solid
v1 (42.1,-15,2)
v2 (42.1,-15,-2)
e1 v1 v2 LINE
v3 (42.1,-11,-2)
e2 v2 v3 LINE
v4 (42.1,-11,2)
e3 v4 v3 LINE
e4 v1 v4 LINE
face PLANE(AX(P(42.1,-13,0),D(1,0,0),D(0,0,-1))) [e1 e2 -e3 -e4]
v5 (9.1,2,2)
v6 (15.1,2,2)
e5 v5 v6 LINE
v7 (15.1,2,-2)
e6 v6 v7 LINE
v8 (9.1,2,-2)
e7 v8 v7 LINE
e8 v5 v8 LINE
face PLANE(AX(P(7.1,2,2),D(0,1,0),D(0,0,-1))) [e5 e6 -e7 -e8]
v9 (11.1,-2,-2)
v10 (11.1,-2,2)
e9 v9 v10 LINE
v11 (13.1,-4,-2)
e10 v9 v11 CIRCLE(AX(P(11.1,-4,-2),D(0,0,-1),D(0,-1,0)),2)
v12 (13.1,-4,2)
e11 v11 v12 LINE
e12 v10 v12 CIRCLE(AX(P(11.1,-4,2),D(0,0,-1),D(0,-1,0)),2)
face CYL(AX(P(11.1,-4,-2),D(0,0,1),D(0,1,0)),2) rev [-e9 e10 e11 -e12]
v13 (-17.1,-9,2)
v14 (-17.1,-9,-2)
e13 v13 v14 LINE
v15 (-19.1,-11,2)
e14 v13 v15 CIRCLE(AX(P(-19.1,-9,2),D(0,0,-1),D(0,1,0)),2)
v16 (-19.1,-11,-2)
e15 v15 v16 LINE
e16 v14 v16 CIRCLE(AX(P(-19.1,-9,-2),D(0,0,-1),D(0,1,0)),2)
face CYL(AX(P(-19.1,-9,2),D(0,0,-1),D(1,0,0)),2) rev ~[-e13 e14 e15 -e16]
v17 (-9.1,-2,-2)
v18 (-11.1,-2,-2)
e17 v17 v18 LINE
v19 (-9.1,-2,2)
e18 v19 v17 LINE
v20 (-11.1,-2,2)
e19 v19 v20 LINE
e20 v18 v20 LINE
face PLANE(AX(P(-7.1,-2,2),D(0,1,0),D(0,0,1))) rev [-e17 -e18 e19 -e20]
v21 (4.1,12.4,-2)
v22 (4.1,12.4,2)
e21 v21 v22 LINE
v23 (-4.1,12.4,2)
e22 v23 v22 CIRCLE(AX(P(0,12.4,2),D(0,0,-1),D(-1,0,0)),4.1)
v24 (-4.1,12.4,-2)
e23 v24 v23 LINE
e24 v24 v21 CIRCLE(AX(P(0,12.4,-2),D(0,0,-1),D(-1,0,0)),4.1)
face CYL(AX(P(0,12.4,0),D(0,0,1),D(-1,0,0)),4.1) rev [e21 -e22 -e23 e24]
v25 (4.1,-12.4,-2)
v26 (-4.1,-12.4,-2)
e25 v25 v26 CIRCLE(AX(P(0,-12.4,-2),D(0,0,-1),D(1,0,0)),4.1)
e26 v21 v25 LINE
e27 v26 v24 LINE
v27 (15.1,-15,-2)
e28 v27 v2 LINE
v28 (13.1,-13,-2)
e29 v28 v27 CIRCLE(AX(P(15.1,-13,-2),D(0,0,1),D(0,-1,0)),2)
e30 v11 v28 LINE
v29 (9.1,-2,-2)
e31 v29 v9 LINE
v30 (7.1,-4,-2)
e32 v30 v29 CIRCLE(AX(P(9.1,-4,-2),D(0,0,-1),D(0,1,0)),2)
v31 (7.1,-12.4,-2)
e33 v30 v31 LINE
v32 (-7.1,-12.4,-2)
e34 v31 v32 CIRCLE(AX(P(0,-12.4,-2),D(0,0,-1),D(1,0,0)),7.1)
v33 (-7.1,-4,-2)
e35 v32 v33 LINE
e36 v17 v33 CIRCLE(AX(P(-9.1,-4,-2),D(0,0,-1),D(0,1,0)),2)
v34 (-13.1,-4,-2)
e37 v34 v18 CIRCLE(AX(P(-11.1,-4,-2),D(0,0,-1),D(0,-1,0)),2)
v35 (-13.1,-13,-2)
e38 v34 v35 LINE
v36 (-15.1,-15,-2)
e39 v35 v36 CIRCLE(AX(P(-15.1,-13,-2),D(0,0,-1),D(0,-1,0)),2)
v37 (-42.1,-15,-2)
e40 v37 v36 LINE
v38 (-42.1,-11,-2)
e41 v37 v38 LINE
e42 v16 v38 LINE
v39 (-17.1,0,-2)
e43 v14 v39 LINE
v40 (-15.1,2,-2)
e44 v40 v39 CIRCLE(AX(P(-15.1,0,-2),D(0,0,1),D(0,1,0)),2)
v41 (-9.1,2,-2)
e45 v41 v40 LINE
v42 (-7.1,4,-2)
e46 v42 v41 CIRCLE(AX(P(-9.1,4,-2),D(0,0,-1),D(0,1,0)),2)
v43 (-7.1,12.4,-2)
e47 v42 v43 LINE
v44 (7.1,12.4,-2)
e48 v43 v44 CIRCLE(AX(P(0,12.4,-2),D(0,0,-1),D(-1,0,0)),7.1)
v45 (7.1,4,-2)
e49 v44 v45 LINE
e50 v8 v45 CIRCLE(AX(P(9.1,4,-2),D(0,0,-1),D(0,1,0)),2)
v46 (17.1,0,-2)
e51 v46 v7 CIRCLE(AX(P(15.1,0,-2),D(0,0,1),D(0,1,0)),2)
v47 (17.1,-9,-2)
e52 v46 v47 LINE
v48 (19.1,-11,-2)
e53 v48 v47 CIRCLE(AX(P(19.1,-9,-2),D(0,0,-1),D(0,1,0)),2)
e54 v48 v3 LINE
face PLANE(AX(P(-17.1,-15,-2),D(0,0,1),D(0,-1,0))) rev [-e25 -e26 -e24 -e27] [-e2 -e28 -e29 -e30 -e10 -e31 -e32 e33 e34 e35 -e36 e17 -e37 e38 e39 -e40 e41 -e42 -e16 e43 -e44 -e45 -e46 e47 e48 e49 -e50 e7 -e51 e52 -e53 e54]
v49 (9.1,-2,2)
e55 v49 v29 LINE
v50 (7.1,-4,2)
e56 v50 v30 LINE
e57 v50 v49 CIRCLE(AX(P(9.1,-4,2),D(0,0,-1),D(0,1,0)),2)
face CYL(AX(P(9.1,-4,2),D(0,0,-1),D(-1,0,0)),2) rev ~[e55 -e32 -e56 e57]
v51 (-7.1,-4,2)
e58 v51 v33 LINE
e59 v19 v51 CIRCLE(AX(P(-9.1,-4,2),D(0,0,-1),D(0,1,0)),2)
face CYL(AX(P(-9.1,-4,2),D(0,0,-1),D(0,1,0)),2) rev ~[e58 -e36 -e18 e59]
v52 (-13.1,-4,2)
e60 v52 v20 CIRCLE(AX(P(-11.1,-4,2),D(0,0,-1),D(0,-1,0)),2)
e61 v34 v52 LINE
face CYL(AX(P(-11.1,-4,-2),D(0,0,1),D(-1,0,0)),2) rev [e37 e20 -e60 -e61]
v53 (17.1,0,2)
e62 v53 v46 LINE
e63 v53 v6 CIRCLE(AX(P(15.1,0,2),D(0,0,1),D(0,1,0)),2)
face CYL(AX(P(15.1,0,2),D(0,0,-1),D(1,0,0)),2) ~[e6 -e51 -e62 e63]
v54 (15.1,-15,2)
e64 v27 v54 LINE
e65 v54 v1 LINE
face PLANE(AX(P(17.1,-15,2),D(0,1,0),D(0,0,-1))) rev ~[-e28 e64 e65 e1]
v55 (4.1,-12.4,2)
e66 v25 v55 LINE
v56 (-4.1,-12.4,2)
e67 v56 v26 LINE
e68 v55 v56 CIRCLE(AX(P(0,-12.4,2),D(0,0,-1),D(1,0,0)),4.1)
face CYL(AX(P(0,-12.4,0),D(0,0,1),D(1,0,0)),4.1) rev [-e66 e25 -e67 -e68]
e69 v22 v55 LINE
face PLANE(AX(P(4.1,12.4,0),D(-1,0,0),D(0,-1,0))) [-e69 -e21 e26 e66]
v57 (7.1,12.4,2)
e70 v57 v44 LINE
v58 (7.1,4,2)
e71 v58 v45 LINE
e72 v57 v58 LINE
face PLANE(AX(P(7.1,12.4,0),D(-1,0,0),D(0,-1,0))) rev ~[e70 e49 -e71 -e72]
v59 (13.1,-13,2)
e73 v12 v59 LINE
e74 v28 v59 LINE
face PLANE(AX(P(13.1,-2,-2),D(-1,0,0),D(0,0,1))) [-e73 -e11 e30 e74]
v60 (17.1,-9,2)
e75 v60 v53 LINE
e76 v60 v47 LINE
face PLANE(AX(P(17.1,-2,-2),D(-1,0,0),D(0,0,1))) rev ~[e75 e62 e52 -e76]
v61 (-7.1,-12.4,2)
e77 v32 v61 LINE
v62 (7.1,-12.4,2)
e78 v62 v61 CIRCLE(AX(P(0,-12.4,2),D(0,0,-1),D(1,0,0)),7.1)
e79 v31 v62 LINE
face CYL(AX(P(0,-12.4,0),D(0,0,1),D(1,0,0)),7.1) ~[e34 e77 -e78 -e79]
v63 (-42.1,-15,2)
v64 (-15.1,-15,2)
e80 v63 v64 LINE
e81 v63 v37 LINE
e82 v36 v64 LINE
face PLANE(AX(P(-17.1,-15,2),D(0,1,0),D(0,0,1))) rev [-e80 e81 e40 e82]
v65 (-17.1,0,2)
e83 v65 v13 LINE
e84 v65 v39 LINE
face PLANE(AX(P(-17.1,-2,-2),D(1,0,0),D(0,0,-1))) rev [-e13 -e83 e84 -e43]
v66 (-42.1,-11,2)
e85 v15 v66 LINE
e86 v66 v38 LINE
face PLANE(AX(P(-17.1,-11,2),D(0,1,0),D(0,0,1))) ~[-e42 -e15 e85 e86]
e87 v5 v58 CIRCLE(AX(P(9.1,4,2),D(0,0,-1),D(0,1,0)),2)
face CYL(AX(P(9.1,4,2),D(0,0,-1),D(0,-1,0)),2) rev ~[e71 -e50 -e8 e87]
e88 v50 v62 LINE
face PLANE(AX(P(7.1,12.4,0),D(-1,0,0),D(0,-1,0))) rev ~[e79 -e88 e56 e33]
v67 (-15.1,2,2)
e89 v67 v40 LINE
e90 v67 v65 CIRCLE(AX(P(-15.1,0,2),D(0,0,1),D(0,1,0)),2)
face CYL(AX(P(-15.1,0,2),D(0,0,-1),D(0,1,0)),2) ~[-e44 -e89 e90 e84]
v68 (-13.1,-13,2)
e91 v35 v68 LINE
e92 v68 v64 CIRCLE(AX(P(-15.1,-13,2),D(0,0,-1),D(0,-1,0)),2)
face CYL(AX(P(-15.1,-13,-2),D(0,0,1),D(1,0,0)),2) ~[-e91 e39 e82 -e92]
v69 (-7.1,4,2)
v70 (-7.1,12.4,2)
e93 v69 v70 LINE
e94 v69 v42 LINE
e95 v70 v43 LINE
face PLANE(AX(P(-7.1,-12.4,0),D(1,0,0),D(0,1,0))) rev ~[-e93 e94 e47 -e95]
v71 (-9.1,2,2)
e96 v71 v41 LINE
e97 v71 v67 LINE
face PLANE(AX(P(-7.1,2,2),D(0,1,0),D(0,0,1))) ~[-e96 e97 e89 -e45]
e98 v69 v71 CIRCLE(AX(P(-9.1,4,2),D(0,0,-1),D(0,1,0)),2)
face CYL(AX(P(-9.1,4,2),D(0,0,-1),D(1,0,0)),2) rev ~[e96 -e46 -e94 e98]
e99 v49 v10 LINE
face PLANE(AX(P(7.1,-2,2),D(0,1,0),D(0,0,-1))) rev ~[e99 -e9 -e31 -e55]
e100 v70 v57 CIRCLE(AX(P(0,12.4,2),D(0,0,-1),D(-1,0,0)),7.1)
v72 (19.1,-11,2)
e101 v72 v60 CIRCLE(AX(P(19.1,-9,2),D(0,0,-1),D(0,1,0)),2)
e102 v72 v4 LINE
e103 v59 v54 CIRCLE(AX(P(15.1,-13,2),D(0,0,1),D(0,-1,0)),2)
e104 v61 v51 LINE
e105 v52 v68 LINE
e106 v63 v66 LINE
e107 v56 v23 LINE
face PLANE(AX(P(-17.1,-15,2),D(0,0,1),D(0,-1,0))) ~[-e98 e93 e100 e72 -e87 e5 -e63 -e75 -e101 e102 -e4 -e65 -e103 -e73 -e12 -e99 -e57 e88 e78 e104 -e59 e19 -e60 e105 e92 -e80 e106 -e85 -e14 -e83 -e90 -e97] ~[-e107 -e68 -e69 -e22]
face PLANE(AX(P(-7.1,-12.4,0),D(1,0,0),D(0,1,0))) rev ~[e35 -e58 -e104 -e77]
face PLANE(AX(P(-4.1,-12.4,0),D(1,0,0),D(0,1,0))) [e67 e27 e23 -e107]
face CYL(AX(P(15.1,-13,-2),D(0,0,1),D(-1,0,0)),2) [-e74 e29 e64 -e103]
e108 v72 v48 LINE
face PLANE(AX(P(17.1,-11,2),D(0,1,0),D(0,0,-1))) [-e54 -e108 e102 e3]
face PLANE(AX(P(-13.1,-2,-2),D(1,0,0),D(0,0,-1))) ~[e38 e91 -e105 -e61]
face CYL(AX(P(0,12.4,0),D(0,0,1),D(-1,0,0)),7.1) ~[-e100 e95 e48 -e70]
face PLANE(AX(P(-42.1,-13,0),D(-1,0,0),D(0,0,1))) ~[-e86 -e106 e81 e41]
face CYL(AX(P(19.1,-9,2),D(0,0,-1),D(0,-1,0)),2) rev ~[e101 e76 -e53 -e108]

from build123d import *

# Parameters (mm, degrees)
BOSS_EXTRUDE1_DEPTH = 2
SKETCH2_W           = 4
SKETCH2_H           = 4
BOSS_EXTRUDE2_DEPTH = 10
SKETCH4_W           = 4
SKETCH4_H           = 4
BOSS_EXTRUDE4_DEPTH = 13
SKETCH5_W           = 4
SKETCH5_H           = 4
BOSS_EXTRUDE5_DEPTH = 25
FILLET2_R           = 2


with BuildPart() as part:
    # Sketch1 → Boss-Extrude1 (new, symmetric)
    with BuildSketch(Plane.XY):
        with BuildLine():
            Line((-7.1, -12.4), (-7.1, 12.4))
            ThreePointArc((-7.1, 12.4), (0, 19.5), (7.1, 12.4))
            Line((7.1, 12.4), (7.1, -12.4))
            ThreePointArc((7.1, -12.4), (0, -19.5), (-7.1, -12.4))
        make_face()
        with BuildLine():
            Line((-4.1, -12.4), (-4.1, 12.4))
            ThreePointArc((-4.1, 12.4), (0, 16.5), (4.1, 12.4))
            Line((4.1, 12.4), (4.1, -12.4))
            ThreePointArc((4.1, -12.4), (0, -16.5), (-4.1, -12.4))
        make_face(mode=Mode.SUBTRACT)
    extrude(amount=BOSS_EXTRUDE1_DEPTH, both=True)

    # Sketch2 → Boss-Extrude2 (add)
    with BuildSketch(Plane(origin=(7.1, 0, 0), x_dir=(0, 0, -1), z_dir=(1, 0, 0))):
        Rectangle(SKETCH2_W, SKETCH2_H)
    boss_extrude2 = extrude(amount=BOSS_EXTRUDE2_DEPTH)

    # Sketch4 → Boss-Extrude4 (add)
    with BuildSketch(Plane.XZ.offset(2)):
        with Locations((15.1, 0)):
            Rectangle(SKETCH4_W, SKETCH4_H)
    boss_extrude4 = extrude(amount=BOSS_EXTRUDE4_DEPTH)

    # Sketch5 → Boss-Extrude5 (add)
    with BuildSketch(Plane(origin=(17.1, 0, 0), x_dir=(0, 0, -1), z_dir=(1, 0, 0))):
        with Locations((0, -13)):
            Rectangle(SKETCH5_W, SKETCH5_H)
    boss_extrude5 = extrude(amount=BOSS_EXTRUDE5_DEPTH)

    # Mirror2: Boss-Extrude2, Boss-Extrude4, Boss-Extrude5 across plane
    add(boss_extrude2.mirror(Plane(origin=(0, 0, 0), x_dir=(0, 0, 1), z_dir=(1, 0, 0))))
    add(boss_extrude4.mirror(Plane(origin=(0, 0, 0), x_dir=(0, 0, 1), z_dir=(1, 0, 0))))
    add(boss_extrude5.mirror(Plane(origin=(0, 0, 0), x_dir=(0, 0, 1), z_dir=(1, 0, 0))))

    # Fillet2
    fillet2_edges = [part.edges().sort_by_distance(p)[0] for p in [
        (7.1, 2, 0),
        (7.1, -2, 0),
        (17.1, 2, 0),
        (13.1, -2, 0),
        (13.1, -15, 0),
        (17.1, -11, 0),
        (-17.1, 2, 0),
        (-7.1, 2, 0),
        (-7.1, -2, 0),
        (-13.1, -15, 0),
        (-13.1, -2, 0),
        (-17.1, -11, 0),
    ]]
    fillet(fillet2_edges, radius=FILLET2_R)


solid = part.part
